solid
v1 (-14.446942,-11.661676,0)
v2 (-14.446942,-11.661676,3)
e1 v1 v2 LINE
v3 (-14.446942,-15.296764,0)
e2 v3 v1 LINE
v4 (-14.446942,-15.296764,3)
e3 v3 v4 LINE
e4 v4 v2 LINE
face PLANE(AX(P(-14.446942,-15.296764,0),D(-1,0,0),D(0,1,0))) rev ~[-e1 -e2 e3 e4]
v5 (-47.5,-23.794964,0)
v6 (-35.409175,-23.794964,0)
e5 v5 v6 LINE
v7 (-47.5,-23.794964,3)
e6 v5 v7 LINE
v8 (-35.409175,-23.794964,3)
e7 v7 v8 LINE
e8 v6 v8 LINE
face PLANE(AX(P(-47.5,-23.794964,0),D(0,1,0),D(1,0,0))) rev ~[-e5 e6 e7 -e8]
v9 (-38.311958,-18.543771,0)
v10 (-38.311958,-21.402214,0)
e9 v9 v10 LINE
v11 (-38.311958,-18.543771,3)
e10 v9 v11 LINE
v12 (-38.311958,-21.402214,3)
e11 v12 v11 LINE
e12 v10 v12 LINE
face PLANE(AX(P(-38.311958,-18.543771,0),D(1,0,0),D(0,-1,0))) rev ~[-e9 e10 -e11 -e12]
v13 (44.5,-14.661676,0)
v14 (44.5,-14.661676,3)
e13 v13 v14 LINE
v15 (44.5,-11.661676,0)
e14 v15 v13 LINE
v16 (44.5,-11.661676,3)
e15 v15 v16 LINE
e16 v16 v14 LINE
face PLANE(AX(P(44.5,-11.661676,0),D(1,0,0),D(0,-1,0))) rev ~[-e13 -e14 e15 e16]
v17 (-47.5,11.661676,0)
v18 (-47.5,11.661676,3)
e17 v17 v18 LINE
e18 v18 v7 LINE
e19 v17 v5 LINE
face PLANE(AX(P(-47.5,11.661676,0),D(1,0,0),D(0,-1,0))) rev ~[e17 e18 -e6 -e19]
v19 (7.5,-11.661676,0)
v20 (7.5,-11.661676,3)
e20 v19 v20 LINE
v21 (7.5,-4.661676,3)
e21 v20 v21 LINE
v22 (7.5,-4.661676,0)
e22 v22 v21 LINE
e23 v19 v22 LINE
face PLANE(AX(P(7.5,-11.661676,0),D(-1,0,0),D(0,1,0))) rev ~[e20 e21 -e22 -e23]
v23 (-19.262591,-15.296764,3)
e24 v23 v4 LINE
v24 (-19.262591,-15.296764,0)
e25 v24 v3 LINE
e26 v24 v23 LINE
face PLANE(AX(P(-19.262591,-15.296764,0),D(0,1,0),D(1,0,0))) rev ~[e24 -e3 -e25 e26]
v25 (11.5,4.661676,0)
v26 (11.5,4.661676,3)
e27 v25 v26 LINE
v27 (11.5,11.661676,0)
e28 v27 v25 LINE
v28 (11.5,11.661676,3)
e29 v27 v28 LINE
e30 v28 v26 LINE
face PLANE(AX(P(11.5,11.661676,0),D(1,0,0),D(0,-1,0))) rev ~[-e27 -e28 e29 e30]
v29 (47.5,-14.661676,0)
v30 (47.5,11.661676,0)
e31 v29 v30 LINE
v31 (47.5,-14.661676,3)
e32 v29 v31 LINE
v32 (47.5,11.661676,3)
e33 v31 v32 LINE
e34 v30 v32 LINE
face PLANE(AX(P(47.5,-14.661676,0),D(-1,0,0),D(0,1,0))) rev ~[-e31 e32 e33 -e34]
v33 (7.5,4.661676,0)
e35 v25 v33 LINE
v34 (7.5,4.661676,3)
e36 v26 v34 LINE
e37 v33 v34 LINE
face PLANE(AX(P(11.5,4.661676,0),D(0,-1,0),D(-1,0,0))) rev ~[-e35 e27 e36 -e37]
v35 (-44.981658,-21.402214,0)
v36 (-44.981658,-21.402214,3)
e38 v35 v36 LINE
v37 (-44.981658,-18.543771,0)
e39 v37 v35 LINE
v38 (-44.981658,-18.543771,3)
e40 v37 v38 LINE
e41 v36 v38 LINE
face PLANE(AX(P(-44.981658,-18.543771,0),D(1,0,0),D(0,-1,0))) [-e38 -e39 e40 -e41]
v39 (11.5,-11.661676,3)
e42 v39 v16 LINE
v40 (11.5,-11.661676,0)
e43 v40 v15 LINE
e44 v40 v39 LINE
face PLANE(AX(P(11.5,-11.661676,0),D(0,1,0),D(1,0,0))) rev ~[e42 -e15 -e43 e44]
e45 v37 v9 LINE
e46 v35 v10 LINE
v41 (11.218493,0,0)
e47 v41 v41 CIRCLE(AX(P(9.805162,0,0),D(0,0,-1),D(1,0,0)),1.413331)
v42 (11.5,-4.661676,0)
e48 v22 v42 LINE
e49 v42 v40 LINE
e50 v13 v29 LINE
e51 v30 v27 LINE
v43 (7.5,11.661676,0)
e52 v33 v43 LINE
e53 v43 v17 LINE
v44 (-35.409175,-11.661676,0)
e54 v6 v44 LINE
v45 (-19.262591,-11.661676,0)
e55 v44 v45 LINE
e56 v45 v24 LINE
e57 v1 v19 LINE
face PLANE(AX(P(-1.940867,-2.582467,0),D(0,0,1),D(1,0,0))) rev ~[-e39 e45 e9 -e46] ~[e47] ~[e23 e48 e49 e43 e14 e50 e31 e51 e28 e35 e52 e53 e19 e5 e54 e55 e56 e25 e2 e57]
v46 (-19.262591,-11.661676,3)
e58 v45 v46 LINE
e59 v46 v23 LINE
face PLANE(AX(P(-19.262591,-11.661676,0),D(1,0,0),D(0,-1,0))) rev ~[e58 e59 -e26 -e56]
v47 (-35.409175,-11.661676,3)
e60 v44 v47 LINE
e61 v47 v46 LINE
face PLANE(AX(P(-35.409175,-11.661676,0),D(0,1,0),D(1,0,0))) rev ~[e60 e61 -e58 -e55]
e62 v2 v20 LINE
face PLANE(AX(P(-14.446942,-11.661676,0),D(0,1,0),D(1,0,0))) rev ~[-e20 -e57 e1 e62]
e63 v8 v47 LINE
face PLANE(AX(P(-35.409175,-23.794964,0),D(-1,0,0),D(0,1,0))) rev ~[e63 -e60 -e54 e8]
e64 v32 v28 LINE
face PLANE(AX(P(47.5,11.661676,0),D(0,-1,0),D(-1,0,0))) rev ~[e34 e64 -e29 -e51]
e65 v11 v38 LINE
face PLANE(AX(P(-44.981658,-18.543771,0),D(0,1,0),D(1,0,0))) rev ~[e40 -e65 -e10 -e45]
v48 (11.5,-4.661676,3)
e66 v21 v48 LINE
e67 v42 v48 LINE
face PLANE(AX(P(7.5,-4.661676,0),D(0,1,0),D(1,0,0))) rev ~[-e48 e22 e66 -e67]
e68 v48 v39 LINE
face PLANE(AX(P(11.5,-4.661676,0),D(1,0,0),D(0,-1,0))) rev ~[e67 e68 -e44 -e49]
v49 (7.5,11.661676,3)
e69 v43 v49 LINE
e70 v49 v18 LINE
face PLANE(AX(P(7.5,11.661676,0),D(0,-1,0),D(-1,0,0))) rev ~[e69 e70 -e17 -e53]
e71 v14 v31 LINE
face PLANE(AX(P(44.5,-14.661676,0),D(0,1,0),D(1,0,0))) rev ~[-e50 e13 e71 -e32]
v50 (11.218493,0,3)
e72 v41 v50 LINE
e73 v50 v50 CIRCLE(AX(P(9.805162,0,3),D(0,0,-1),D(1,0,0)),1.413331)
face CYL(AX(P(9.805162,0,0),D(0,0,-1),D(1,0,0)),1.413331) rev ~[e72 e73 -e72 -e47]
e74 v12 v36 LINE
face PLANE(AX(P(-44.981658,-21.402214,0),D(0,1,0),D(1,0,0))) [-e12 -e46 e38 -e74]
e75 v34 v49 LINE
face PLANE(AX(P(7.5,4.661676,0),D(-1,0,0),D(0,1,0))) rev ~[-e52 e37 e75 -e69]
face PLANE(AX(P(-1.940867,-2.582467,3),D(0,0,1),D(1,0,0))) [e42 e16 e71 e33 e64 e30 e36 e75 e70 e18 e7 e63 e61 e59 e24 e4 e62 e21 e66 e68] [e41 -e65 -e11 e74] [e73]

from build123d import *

# Parameters (mm, degrees)
F1_DEPTH = 3
F2_W     = 6.6697
F2_H     = 2.858443
F2_R     = 1.413331
F3_DEPTH = 25


with BuildPart() as f1:
    # F0 (on Top) → F1 (new body)
    with BuildSketch(Plane.XY):
        Polygon((7.5, 11.661676), (-47.5, 11.661676), (-47.5, -11.661676), (-47.5, -23.794964), (-35.409175, -23.794964), (-35.409175, -11.661676), (-19.262591, -11.661676), (-19.262591, -15.296764), (-14.446942, -15.296764), (-14.446942, -11.661676), (7.5, -11.661676), (7.5, -4.661676), (11.5, -4.661676), (11.5, -11.661676), (44.5, -11.661676), (44.5, -14.661676), (47.5, -14.661676), (47.5, -11.661676), (47.5, 11.661676), (11.5, 11.661676), (11.5, 4.661676), (7.5, 4.661676), align=None)
    extrude(amount=F1_DEPTH)

    # F2 (on face) → F3 (cut)
    with BuildSketch(Plane(origin=(0, 0, 0), x_dir=(1, 0, 0), z_dir=(0, 0, -1))):
        with Locations((-41.646808, 19.972993)):
            Rectangle(F2_W, F2_H)
        with Locations((9.805162, 0)):
            Circle(F2_R)
    extrude(amount=-F3_DEPTH, mode=Mode.SUBTRACT)


solid = f1.part
